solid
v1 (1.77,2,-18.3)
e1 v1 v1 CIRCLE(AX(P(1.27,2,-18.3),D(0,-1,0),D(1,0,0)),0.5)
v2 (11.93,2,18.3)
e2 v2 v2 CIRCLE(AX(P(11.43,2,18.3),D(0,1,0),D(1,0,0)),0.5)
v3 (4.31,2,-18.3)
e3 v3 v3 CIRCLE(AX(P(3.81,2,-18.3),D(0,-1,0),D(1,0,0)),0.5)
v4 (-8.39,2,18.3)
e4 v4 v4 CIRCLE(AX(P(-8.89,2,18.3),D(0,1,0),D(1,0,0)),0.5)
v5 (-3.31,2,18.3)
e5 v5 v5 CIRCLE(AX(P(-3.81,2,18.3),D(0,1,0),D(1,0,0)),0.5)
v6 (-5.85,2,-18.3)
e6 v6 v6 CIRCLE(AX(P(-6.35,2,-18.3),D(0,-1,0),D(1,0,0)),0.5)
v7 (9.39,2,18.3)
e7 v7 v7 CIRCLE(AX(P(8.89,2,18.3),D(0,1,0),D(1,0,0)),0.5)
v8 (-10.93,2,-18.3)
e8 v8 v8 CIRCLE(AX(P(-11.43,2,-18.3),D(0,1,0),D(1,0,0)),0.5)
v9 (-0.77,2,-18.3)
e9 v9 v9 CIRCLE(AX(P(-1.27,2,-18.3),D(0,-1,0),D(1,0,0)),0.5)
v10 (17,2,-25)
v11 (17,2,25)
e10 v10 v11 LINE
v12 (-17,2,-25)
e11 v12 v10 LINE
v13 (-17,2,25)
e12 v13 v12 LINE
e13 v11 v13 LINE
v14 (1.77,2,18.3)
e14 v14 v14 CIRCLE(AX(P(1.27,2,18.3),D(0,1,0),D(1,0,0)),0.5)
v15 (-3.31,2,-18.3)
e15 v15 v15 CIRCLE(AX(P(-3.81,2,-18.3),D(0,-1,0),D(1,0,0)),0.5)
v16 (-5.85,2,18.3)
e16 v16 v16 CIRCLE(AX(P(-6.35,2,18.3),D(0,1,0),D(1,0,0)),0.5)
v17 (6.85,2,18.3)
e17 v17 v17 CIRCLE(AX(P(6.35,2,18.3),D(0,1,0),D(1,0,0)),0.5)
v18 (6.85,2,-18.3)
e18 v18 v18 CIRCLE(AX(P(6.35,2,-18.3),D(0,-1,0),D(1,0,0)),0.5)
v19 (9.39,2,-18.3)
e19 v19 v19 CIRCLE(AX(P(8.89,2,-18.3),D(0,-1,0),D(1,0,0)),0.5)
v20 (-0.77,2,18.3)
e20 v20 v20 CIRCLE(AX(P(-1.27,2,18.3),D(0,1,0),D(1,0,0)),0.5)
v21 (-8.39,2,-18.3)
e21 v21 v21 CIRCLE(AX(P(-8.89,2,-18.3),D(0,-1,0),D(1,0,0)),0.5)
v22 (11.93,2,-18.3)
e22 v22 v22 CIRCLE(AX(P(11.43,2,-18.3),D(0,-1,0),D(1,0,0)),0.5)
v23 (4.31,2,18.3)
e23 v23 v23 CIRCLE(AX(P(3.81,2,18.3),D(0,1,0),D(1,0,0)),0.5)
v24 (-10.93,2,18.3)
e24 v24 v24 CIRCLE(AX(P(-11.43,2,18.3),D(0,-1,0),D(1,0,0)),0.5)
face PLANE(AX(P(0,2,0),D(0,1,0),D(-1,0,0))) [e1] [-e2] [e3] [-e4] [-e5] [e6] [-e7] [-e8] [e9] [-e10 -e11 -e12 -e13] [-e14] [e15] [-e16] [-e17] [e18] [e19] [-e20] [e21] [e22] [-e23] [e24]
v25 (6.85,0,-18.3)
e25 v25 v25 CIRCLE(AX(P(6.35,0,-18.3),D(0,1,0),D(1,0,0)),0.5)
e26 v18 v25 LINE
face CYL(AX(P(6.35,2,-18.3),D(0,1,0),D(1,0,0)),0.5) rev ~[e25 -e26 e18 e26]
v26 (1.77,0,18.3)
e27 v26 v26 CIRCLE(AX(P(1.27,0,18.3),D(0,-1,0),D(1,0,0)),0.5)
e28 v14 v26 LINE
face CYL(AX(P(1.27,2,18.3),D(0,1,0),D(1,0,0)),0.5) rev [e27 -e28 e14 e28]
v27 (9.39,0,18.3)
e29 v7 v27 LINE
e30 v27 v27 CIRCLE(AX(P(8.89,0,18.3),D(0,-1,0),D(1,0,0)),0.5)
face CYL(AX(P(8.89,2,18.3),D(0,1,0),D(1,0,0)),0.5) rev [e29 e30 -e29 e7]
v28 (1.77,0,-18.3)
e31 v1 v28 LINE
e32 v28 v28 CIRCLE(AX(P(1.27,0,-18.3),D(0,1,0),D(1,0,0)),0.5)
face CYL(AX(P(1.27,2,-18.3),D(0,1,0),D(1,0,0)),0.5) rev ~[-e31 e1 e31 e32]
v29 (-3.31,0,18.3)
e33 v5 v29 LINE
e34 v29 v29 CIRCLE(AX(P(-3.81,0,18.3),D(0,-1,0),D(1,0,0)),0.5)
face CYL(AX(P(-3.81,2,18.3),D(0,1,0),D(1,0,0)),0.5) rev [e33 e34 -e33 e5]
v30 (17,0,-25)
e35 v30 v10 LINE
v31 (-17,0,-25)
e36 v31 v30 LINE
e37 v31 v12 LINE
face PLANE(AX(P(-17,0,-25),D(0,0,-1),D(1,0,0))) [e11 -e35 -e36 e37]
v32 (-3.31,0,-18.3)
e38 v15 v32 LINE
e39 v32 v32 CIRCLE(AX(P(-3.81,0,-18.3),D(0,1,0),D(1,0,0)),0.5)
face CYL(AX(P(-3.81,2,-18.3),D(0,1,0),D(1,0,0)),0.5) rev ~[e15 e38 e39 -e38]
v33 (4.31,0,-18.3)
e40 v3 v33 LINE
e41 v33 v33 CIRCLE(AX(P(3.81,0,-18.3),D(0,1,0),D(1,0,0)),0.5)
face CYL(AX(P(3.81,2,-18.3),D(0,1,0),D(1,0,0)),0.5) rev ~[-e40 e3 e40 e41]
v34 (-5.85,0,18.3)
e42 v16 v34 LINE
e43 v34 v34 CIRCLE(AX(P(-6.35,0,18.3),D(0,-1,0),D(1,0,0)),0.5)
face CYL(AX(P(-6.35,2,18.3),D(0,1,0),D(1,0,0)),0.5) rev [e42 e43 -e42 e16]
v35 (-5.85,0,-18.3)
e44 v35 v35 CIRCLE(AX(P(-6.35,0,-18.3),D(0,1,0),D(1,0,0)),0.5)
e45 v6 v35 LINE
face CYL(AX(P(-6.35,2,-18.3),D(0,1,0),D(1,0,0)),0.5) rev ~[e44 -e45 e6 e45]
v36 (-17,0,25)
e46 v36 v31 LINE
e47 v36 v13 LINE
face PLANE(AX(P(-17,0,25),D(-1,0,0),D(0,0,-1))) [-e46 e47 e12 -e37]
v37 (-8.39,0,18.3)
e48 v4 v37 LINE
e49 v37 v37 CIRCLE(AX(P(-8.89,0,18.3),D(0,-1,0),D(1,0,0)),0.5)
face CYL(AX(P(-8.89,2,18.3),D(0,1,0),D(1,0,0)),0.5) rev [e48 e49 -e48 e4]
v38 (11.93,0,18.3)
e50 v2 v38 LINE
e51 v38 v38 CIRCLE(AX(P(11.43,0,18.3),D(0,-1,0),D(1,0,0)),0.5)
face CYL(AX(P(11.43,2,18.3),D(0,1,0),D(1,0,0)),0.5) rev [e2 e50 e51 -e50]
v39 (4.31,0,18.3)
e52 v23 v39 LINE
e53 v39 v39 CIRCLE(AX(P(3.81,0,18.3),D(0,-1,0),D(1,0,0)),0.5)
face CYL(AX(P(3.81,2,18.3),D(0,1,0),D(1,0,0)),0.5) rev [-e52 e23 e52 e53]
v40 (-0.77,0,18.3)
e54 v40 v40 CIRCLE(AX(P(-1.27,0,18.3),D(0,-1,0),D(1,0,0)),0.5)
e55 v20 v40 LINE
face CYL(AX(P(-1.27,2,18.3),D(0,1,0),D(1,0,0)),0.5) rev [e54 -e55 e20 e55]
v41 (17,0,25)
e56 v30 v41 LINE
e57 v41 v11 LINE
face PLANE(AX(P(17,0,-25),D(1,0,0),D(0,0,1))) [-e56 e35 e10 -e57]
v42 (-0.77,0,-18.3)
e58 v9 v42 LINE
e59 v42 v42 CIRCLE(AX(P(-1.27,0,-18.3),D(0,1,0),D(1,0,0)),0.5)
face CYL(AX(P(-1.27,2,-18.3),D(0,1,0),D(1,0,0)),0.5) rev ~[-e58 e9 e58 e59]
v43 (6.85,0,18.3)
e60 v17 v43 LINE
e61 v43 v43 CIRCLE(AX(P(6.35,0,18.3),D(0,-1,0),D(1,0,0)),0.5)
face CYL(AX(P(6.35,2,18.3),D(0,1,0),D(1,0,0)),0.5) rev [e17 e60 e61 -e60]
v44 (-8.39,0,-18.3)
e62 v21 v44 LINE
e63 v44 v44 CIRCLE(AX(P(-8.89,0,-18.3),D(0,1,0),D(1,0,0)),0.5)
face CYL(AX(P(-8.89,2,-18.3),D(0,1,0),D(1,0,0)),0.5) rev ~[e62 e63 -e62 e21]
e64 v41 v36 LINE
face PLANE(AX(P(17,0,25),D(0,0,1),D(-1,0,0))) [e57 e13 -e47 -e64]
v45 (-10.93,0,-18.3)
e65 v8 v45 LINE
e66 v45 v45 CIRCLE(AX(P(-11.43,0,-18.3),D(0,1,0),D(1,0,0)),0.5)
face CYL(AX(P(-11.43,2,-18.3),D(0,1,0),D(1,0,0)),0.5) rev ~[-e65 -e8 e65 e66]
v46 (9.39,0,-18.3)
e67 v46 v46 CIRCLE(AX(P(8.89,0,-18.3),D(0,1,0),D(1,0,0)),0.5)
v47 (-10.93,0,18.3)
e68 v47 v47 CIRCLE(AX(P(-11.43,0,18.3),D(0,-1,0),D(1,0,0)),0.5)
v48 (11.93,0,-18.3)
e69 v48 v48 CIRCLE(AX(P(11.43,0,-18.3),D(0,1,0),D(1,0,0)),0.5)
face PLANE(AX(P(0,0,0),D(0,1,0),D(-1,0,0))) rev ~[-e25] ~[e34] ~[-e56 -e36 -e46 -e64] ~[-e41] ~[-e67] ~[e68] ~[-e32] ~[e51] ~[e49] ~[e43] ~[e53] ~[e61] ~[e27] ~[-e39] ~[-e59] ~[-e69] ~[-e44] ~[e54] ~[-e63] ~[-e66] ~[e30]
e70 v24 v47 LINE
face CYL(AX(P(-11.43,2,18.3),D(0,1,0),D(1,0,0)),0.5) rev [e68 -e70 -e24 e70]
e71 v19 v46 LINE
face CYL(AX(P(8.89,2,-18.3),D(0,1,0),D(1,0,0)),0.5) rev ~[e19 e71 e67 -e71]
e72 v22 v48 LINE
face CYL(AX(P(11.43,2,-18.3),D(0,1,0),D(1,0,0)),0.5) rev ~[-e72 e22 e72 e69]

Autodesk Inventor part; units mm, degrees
ref_plane "YZ Plane" through (0, 0, 0) normal (1, 0, 0) x (0, 1, 0)
ref_plane "XZ Plane" through (0, 0, 0) normal (0, 1, 0) x (-1, 0, 0)
sketch "Sketch1" plane through (0, 0, 0) normal (0, 1, 0) x (-1, 0, 0)
  line L0 (-17, 25) -> (17, 25)
  line L1 (17, 25) -> (17, -25)
  line L2 (17, -25) -> (-17, -25)
  line L3 (-17, -25) -> (-17, 25)
  line L4 (-17, 25) -> (17, -25) construction
  line L5 (17, 25) -> (-17, -25) construction
  point P0 (0, 0)
  dimension "d0" = 34
  dimension "d1" = 50
extrude "Extrusion1" add sketch "Sketch1" along normal blind 2
sketch "Sketch2" plane through (0, 2, 0) normal (0, 1, 0) x (1, 0, 0)
  line L0 (17, 25) -> (-17, 25) projected
  line L1 (0, 25) -> (0, 18.3)
  line L2 (0, 18.3) -> (-1.27, 18.3)
  line L3 (-1.27, 18.3) -> (-3.81, 18.3)
  line L4 (-3.81, 18.3) -> (-6.35, 18.3)
  line L5 (-6.35, 18.3) -> (-8.89, 18.3)
  line L6 (-8.89, 18.3) -> (-11.43, 18.3)
  line L7 (0, 18.3) -> (1.27, 18.3)
  line L8 (1.27, 18.3) -> (3.81, 18.3)
  line L9 (3.81, 18.3) -> (6.35, 18.3)
  line L10 (6.35, 18.3) -> (8.89, 18.3)
  line L11 (8.89, 18.3) -> (11.43, 18.3)
  circle A0 centre (-11.43, 18.3) radius 0.5
  circle A1 centre (-8.89, 18.3) radius 0.5
  circle A2 centre (-6.35, 18.3) radius 0.5
  circle A3 centre (-3.81, 18.3) radius 0.5
  circle A4 centre (-1.27, 18.3) radius 0.5
  circle A5 centre (1.27, 18.3) radius 0.5
  circle A6 centre (3.81, 18.3) radius 0.5
  circle A7 centre (6.35, 18.3) radius 0.5
  circle A8 centre (8.89, 18.3) radius 0.5
  circle A9 centre (11.43, 18.3) radius 0.5
  point P0 (0, 0)
  dimension "d4" = 6.7
  dimension "d5" = 1.27
  dimension "d6" = 2.54
  dimension "d7" = 2.54
  dimension "d8" = 2.54
  dimension "d9" = 2.54
  dimension "d10" = 1.27
  dimension "d11" = 2.54
  dimension "d12" = 2.54
  dimension "d13" = 2.54
  dimension "d14" = 2.54
  dimension "d15" = 1
  dimension "d16" = 1
  dimension "d17" = 1
  dimension "d18" = 1
  dimension "d19" = 1
  dimension "d20" = 1
  dimension "d21" = 1
  dimension "d22" = 1
  dimension "d23" = 1
  dimension "d24" = 1
extrude "Extrusion2" cut sketch "Sketch2" against normal up to next
ref_plane "Work Plane1" through (-17, 2, 0) normal (0, 0, 1) x (1, 0, 0)
mirror "Mirror1" about plane through (-17, 2, 0) normal (0, 0, 1) of "Extrusion2"
properties part number "pcb"
